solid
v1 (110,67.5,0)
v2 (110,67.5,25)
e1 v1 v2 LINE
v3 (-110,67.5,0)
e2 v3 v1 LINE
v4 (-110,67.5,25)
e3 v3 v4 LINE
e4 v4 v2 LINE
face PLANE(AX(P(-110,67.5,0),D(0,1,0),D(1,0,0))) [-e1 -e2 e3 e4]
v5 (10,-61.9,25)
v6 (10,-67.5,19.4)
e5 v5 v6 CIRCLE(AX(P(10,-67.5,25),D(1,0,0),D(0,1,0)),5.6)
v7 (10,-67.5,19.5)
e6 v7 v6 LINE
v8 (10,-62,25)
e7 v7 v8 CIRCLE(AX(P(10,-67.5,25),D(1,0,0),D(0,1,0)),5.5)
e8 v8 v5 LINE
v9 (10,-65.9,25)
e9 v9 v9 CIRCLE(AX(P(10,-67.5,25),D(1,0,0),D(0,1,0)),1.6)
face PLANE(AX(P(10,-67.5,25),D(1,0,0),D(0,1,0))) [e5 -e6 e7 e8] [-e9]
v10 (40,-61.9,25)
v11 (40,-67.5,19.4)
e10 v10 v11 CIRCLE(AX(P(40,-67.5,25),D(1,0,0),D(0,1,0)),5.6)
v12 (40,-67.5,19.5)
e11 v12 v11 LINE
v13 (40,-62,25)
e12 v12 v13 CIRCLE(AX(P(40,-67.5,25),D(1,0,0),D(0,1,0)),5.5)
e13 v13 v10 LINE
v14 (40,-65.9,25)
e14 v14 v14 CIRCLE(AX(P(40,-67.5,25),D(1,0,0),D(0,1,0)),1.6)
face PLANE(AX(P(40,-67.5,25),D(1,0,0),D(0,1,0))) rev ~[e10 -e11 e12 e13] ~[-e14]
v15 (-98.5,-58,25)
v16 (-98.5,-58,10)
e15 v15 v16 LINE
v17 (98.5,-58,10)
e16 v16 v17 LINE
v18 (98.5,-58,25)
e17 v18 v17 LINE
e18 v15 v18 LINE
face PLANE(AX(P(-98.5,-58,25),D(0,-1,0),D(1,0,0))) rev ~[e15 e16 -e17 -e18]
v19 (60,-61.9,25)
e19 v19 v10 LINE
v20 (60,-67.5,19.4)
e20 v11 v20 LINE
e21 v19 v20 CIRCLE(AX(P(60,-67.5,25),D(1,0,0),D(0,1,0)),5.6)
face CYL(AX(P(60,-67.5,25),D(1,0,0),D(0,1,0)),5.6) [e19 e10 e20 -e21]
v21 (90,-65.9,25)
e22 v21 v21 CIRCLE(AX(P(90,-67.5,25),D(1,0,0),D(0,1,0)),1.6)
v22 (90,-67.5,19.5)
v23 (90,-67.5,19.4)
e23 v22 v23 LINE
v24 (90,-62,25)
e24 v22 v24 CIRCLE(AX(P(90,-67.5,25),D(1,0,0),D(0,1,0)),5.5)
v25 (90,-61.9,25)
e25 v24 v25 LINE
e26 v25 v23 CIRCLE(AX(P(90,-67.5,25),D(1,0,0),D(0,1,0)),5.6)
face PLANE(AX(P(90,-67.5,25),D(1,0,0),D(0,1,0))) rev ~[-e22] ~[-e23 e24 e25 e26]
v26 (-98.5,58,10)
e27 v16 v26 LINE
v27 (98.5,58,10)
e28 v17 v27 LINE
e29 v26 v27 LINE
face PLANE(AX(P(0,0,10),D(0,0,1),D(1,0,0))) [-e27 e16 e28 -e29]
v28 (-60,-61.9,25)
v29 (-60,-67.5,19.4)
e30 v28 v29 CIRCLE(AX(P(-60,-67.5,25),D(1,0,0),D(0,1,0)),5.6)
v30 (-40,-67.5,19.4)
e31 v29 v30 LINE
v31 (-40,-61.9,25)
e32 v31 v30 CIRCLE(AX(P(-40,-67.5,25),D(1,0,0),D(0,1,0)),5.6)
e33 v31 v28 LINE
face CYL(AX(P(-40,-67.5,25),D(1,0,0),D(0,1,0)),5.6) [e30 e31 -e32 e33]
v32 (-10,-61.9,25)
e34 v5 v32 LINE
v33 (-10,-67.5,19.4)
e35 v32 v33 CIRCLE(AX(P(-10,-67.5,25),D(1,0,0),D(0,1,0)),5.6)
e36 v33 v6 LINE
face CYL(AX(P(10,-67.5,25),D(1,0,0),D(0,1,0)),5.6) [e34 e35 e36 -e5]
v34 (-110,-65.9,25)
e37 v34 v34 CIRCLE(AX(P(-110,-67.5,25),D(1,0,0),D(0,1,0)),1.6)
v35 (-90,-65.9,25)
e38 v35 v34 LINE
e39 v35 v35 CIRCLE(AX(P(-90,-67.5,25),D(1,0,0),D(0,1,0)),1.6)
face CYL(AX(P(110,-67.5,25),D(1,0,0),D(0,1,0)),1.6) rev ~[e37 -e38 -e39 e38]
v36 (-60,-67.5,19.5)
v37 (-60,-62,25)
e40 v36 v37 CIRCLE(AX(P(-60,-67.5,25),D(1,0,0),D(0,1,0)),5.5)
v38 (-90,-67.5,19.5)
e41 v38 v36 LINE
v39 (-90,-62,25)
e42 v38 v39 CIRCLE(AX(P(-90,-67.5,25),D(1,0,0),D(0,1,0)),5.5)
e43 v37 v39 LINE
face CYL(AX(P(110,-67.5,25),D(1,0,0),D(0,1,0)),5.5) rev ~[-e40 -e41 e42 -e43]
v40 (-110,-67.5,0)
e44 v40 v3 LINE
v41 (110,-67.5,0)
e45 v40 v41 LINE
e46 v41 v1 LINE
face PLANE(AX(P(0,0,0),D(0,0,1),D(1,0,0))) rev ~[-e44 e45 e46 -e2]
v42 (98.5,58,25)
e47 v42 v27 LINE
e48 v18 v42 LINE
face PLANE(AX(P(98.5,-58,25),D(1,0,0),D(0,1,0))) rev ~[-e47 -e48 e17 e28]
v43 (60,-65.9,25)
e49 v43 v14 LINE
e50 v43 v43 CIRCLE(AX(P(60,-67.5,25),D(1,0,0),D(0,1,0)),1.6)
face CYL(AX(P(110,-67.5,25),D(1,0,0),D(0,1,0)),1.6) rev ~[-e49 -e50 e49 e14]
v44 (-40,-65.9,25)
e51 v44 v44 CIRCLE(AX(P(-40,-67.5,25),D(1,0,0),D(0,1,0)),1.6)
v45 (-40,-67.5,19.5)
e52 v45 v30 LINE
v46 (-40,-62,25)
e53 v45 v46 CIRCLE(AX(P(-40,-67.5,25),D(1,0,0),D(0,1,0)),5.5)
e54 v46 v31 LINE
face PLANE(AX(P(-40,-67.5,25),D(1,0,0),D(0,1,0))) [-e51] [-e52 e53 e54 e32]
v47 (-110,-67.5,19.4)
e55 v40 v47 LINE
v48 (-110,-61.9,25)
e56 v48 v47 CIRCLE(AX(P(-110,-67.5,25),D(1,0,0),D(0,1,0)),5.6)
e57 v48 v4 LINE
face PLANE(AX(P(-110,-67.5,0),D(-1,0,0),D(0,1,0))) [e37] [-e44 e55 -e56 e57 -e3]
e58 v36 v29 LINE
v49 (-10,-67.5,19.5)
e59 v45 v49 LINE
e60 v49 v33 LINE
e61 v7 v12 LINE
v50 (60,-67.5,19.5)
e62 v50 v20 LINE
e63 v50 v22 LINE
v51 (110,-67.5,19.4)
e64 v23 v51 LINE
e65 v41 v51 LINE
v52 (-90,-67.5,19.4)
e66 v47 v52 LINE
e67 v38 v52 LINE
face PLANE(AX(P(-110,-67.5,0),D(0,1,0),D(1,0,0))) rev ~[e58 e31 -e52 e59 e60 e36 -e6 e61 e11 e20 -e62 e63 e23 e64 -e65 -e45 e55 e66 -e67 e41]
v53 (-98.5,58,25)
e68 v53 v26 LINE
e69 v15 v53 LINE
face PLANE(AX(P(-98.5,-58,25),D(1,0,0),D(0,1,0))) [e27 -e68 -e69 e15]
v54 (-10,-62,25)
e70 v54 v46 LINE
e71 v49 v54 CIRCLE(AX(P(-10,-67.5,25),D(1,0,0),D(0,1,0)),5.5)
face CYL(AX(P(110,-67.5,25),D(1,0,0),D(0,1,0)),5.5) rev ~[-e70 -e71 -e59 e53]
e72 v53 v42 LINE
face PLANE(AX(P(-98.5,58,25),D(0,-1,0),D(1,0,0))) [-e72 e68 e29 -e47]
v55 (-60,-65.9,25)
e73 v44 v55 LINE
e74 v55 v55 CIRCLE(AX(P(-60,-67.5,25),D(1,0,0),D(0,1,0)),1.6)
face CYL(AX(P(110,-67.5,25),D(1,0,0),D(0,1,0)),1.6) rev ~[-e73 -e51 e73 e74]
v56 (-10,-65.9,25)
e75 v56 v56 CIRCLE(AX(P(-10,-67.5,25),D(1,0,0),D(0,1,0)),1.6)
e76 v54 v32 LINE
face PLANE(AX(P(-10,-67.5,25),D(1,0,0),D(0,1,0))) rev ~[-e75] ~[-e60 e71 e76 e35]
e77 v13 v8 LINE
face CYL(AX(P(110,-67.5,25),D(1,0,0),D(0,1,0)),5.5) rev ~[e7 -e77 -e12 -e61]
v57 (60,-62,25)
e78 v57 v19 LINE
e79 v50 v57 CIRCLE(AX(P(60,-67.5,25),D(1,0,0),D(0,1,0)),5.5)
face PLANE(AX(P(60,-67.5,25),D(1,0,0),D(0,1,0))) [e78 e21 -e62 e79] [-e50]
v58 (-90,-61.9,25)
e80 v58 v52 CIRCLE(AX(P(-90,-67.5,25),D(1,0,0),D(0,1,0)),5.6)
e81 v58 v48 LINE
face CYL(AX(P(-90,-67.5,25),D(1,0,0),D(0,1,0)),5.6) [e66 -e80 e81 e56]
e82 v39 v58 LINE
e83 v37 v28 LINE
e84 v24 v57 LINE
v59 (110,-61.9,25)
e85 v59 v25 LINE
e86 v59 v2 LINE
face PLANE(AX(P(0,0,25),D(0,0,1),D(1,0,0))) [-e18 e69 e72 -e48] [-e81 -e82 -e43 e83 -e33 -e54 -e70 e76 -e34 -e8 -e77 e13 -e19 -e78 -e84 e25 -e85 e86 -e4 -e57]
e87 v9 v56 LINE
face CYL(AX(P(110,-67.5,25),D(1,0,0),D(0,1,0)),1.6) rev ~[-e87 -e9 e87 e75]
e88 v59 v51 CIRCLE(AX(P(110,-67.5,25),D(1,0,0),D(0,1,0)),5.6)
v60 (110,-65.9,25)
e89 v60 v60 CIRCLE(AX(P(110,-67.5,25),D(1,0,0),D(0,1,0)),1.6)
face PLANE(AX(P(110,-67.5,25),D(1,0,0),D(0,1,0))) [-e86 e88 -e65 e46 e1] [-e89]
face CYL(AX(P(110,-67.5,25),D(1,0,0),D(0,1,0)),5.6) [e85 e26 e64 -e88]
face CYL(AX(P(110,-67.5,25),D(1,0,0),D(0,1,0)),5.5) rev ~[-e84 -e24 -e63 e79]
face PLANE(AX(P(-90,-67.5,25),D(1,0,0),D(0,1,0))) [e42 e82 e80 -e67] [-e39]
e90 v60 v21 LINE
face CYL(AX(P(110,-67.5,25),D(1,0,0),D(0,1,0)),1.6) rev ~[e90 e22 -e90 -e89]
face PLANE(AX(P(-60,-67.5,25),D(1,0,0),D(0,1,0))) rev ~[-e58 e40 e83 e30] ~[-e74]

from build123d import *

# Parameters (mm, degrees)
SKETCH_W            = 220
SKETCH_H            = 135
PAD_DEPTH           = 25
SKETCH001_W         = 197
SKETCH001_H         = 116
POCKET_DEPTH        = 15
SKETCH002_R         = 5.5
POCKET001_DEPTH     = 220.001
SKETCH004_R         = 5.6
PAD001_DEPTH        = 20
LINEARPATTERN_COUNT = 5
LINEARPATTERN_PITCH = 50
SKETCH005_R         = 1.6
POCKET002_DEPTH     = 220.001


with BuildPart() as part:
    # Sketch → Pad (new body)
    with BuildSketch(Plane.XY):
        Rectangle(SKETCH_W, SKETCH_H)
    extrude(amount=PAD_DEPTH)

    # Sketch001 (on Face6 of Pad) → Pocket (cut)
    with BuildSketch(Plane.XY.offset(25)):
        Rectangle(SKETCH001_W, SKETCH001_H)
    extrude(amount=-POCKET_DEPTH, mode=Mode.SUBTRACT)

    # Sketch002 (on Face3 of Pocket) → Pocket001 (cut, through all)
    with BuildSketch(Plane.YZ.offset(110)):
        with Locations((-67.5, 25)):
            Circle(SKETCH002_R)
    extrude(amount=-POCKET001_DEPTH, mode=Mode.SUBTRACT)

    # Sketch004 (on Face3 of Pocket001) → Pad001 (join)
    with BuildSketch(Plane.YZ.offset(110)):
        with Locations((-67.5, 25)):
            Circle(SKETCH004_R)
    pad001 = extrude(amount=-PAD001_DEPTH)

    # LinearPattern: Pad001 ×5
    with Locations(*[(-i * LINEARPATTERN_PITCH, 0, 0) for i in range(1, LINEARPATTERN_COUNT)]):
        add(pad001)

    # Sketch005 (on Face31 of LinearPattern) → Pocket002 (cut, through all)
    with BuildSketch(Plane.YZ.offset(110)):
        with Locations((-67.5, 25)):
            Circle(SKETCH005_R)
    extrude(amount=-POCKET002_DEPTH, mode=Mode.SUBTRACT)


solid = part.part
